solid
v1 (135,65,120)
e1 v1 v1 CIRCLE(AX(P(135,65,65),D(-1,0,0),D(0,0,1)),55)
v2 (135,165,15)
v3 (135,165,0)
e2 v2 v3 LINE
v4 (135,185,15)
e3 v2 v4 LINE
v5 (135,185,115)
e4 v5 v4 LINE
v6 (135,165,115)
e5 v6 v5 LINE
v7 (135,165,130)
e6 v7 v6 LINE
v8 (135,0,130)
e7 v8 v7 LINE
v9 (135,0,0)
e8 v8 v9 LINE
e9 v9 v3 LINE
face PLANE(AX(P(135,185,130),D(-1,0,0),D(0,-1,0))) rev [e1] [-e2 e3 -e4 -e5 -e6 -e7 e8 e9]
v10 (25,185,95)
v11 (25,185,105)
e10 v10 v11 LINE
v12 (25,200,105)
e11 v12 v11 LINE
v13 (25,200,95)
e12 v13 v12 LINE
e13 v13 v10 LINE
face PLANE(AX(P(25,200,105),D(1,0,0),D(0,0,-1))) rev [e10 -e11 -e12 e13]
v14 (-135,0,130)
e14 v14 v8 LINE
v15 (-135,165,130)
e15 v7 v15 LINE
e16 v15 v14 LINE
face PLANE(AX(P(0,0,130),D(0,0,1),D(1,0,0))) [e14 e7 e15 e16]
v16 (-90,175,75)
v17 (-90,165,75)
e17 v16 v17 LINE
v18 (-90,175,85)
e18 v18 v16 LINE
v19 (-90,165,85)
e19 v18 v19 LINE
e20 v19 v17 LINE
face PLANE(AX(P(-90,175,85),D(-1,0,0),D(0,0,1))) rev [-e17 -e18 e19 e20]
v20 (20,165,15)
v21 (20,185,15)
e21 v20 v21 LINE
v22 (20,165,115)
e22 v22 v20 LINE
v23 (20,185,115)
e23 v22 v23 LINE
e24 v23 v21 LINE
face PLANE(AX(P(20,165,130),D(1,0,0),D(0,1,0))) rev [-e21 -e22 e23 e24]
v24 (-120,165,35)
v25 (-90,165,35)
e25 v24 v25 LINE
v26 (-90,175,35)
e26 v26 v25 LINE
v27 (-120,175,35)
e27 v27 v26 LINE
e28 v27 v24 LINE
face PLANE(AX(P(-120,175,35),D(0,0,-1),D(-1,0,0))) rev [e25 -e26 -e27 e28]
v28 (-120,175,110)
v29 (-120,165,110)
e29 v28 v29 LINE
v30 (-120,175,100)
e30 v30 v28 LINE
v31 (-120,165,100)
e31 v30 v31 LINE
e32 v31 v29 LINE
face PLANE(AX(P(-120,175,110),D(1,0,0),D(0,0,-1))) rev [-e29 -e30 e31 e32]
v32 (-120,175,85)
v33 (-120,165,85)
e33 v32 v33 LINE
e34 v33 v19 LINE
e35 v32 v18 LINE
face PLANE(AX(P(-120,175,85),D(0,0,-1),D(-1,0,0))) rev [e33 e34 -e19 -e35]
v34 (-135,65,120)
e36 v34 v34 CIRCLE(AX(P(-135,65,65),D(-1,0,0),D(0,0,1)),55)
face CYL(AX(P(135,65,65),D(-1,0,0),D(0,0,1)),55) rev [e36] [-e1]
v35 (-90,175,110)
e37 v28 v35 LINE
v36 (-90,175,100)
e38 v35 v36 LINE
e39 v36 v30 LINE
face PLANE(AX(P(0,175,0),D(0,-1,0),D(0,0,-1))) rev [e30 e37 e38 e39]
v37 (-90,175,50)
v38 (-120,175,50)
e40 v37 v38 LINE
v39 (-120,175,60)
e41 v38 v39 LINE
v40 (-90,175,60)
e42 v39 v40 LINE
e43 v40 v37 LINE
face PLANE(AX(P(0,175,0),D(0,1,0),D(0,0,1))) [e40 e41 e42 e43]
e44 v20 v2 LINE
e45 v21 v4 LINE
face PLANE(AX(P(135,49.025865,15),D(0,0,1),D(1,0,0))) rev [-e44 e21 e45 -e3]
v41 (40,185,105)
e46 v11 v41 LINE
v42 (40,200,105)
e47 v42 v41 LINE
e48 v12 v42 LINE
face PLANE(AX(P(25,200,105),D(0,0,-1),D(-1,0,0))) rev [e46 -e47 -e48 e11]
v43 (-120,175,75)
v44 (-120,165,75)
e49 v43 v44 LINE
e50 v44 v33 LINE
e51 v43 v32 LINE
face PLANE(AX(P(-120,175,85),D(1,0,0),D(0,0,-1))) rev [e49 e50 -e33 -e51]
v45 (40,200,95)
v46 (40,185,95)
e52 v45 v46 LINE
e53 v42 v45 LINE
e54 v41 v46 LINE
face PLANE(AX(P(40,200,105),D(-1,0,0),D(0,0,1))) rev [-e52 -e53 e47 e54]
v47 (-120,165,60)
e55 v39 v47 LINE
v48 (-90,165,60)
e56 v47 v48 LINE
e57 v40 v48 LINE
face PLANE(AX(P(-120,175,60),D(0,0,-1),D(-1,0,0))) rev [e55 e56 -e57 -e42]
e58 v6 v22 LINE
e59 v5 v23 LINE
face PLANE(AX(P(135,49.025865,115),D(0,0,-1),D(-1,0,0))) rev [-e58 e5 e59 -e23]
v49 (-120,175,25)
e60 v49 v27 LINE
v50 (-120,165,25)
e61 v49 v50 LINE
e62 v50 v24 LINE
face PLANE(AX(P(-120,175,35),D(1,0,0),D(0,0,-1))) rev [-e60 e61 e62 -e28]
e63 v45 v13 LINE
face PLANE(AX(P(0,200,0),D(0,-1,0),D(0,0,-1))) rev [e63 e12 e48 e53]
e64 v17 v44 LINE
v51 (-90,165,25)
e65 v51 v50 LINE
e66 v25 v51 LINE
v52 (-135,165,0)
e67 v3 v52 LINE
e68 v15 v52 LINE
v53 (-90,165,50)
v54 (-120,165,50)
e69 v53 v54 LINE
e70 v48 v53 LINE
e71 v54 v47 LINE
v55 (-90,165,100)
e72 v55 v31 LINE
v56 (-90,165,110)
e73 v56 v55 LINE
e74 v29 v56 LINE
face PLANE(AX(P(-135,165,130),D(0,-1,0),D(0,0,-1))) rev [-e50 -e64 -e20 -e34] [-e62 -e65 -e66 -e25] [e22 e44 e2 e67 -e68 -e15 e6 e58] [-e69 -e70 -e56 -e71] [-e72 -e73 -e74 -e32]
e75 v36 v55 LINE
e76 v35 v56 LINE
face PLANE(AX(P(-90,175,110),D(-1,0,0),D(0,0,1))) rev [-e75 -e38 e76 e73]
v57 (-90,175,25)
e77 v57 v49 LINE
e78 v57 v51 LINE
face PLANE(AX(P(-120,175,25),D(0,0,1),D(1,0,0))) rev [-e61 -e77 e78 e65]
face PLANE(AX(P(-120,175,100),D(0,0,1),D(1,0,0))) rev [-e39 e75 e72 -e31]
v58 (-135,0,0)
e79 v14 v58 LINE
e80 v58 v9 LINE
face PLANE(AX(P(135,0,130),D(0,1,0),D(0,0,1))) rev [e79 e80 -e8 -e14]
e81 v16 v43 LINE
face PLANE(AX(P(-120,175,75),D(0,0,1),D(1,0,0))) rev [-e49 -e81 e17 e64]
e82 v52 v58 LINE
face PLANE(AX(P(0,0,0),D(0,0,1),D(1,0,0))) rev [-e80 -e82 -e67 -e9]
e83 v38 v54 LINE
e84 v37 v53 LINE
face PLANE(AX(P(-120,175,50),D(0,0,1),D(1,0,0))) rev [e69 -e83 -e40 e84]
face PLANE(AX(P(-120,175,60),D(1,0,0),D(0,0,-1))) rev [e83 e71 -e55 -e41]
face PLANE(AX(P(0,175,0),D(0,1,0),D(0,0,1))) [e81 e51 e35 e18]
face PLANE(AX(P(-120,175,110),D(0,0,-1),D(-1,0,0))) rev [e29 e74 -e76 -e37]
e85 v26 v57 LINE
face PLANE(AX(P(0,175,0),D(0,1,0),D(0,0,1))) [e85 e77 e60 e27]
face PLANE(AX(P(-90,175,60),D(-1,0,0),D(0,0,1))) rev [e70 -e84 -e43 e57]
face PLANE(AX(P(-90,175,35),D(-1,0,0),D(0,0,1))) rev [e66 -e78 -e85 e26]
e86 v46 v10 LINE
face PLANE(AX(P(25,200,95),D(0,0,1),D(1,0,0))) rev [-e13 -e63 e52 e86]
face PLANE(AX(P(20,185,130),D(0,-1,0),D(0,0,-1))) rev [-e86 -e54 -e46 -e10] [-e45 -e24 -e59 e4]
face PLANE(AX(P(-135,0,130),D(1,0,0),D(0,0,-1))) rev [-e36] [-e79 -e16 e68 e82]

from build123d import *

# Parameters (mm, degrees)
DODANIE_WYCI_GNI_CIE1_DEPTH = 130
SZKIC2_W                    = 115
SZKIC2_H                    = 15
WYTNIJ_WYCI_GNI_CIE1_DEPTH  = 20
SZKIC3_W                    = 30
SZKIC3_H                    = 10
DODANIE_WYCI_GNI_CIE2_DEPTH = 10
SZKIC4_W                    = 15
SZKIC4_H                    = 10
DODANIE_WYCI_GNI_CIE3_DEPTH = 15
SZKIC5_R                    = 55
WYTNIJ_WYCI_GNI_CIE2_DEPTH  = 361.277670693


with BuildPart() as part:
    # Szkic1 → Dodanie-wyciągnięcie1 (new body)
    with BuildSketch(Plane.XY):
        Polygon((135, 0), (-135, 0), (-135, 165), (20, 165), (20, 185), (135, 185), align=None)
    extrude(amount=DODANIE_WYCI_GNI_CIE1_DEPTH)

    # Szkic2 → Wytnij-wyciągnięcie1 (cut)
    with BuildSketch(Plane(origin=(0, 185, 0), x_dir=(1, 0, 0), z_dir=(0, 1, 0))):
        with Locations((77.5, -122.5)):
            Rectangle(SZKIC2_W, SZKIC2_H)
        with Locations((77.5, -7.5)):
            Rectangle(SZKIC2_W, SZKIC2_H)
    extrude(amount=-WYTNIJ_WYCI_GNI_CIE1_DEPTH, mode=Mode.SUBTRACT)

    # Szkic3 → Dodanie-wyciągnięcie2 (add)
    with BuildSketch(Plane(origin=(0, 165, 0), x_dir=(1, 0, 0), z_dir=(0, 1, 0))):
        with Locations((-105, -105)):
            Rectangle(SZKIC3_W, SZKIC3_H)
        with Locations((-105, -80)):
            Rectangle(SZKIC3_W, SZKIC3_H)
        with Locations((-105, -55)):
            Rectangle(SZKIC3_W, SZKIC3_H)
        with Locations((-105, -30)):
            Rectangle(SZKIC3_W, SZKIC3_H)
    extrude(amount=DODANIE_WYCI_GNI_CIE2_DEPTH)

    # Szkic4 → Dodanie-wyciągnięcie3 (add)
    with BuildSketch(Plane(origin=(0, 185, 0), x_dir=(1, 0, 0), z_dir=(0, 1, 0))):
        with Locations((32.5, -100)):
            Rectangle(SZKIC4_W, SZKIC4_H)
    extrude(amount=DODANIE_WYCI_GNI_CIE3_DEPTH)

    # Szkic5 → Wytnij-wyciągnięcie2 (cut, through all)
    with BuildSketch(Plane.ZY.offset(135)):
        with Locations((65, 65)):
            Circle(SZKIC5_R)
    extrude(amount=-WYTNIJ_WYCI_GNI_CIE2_DEPTH, mode=Mode.SUBTRACT)


solid = part.part
